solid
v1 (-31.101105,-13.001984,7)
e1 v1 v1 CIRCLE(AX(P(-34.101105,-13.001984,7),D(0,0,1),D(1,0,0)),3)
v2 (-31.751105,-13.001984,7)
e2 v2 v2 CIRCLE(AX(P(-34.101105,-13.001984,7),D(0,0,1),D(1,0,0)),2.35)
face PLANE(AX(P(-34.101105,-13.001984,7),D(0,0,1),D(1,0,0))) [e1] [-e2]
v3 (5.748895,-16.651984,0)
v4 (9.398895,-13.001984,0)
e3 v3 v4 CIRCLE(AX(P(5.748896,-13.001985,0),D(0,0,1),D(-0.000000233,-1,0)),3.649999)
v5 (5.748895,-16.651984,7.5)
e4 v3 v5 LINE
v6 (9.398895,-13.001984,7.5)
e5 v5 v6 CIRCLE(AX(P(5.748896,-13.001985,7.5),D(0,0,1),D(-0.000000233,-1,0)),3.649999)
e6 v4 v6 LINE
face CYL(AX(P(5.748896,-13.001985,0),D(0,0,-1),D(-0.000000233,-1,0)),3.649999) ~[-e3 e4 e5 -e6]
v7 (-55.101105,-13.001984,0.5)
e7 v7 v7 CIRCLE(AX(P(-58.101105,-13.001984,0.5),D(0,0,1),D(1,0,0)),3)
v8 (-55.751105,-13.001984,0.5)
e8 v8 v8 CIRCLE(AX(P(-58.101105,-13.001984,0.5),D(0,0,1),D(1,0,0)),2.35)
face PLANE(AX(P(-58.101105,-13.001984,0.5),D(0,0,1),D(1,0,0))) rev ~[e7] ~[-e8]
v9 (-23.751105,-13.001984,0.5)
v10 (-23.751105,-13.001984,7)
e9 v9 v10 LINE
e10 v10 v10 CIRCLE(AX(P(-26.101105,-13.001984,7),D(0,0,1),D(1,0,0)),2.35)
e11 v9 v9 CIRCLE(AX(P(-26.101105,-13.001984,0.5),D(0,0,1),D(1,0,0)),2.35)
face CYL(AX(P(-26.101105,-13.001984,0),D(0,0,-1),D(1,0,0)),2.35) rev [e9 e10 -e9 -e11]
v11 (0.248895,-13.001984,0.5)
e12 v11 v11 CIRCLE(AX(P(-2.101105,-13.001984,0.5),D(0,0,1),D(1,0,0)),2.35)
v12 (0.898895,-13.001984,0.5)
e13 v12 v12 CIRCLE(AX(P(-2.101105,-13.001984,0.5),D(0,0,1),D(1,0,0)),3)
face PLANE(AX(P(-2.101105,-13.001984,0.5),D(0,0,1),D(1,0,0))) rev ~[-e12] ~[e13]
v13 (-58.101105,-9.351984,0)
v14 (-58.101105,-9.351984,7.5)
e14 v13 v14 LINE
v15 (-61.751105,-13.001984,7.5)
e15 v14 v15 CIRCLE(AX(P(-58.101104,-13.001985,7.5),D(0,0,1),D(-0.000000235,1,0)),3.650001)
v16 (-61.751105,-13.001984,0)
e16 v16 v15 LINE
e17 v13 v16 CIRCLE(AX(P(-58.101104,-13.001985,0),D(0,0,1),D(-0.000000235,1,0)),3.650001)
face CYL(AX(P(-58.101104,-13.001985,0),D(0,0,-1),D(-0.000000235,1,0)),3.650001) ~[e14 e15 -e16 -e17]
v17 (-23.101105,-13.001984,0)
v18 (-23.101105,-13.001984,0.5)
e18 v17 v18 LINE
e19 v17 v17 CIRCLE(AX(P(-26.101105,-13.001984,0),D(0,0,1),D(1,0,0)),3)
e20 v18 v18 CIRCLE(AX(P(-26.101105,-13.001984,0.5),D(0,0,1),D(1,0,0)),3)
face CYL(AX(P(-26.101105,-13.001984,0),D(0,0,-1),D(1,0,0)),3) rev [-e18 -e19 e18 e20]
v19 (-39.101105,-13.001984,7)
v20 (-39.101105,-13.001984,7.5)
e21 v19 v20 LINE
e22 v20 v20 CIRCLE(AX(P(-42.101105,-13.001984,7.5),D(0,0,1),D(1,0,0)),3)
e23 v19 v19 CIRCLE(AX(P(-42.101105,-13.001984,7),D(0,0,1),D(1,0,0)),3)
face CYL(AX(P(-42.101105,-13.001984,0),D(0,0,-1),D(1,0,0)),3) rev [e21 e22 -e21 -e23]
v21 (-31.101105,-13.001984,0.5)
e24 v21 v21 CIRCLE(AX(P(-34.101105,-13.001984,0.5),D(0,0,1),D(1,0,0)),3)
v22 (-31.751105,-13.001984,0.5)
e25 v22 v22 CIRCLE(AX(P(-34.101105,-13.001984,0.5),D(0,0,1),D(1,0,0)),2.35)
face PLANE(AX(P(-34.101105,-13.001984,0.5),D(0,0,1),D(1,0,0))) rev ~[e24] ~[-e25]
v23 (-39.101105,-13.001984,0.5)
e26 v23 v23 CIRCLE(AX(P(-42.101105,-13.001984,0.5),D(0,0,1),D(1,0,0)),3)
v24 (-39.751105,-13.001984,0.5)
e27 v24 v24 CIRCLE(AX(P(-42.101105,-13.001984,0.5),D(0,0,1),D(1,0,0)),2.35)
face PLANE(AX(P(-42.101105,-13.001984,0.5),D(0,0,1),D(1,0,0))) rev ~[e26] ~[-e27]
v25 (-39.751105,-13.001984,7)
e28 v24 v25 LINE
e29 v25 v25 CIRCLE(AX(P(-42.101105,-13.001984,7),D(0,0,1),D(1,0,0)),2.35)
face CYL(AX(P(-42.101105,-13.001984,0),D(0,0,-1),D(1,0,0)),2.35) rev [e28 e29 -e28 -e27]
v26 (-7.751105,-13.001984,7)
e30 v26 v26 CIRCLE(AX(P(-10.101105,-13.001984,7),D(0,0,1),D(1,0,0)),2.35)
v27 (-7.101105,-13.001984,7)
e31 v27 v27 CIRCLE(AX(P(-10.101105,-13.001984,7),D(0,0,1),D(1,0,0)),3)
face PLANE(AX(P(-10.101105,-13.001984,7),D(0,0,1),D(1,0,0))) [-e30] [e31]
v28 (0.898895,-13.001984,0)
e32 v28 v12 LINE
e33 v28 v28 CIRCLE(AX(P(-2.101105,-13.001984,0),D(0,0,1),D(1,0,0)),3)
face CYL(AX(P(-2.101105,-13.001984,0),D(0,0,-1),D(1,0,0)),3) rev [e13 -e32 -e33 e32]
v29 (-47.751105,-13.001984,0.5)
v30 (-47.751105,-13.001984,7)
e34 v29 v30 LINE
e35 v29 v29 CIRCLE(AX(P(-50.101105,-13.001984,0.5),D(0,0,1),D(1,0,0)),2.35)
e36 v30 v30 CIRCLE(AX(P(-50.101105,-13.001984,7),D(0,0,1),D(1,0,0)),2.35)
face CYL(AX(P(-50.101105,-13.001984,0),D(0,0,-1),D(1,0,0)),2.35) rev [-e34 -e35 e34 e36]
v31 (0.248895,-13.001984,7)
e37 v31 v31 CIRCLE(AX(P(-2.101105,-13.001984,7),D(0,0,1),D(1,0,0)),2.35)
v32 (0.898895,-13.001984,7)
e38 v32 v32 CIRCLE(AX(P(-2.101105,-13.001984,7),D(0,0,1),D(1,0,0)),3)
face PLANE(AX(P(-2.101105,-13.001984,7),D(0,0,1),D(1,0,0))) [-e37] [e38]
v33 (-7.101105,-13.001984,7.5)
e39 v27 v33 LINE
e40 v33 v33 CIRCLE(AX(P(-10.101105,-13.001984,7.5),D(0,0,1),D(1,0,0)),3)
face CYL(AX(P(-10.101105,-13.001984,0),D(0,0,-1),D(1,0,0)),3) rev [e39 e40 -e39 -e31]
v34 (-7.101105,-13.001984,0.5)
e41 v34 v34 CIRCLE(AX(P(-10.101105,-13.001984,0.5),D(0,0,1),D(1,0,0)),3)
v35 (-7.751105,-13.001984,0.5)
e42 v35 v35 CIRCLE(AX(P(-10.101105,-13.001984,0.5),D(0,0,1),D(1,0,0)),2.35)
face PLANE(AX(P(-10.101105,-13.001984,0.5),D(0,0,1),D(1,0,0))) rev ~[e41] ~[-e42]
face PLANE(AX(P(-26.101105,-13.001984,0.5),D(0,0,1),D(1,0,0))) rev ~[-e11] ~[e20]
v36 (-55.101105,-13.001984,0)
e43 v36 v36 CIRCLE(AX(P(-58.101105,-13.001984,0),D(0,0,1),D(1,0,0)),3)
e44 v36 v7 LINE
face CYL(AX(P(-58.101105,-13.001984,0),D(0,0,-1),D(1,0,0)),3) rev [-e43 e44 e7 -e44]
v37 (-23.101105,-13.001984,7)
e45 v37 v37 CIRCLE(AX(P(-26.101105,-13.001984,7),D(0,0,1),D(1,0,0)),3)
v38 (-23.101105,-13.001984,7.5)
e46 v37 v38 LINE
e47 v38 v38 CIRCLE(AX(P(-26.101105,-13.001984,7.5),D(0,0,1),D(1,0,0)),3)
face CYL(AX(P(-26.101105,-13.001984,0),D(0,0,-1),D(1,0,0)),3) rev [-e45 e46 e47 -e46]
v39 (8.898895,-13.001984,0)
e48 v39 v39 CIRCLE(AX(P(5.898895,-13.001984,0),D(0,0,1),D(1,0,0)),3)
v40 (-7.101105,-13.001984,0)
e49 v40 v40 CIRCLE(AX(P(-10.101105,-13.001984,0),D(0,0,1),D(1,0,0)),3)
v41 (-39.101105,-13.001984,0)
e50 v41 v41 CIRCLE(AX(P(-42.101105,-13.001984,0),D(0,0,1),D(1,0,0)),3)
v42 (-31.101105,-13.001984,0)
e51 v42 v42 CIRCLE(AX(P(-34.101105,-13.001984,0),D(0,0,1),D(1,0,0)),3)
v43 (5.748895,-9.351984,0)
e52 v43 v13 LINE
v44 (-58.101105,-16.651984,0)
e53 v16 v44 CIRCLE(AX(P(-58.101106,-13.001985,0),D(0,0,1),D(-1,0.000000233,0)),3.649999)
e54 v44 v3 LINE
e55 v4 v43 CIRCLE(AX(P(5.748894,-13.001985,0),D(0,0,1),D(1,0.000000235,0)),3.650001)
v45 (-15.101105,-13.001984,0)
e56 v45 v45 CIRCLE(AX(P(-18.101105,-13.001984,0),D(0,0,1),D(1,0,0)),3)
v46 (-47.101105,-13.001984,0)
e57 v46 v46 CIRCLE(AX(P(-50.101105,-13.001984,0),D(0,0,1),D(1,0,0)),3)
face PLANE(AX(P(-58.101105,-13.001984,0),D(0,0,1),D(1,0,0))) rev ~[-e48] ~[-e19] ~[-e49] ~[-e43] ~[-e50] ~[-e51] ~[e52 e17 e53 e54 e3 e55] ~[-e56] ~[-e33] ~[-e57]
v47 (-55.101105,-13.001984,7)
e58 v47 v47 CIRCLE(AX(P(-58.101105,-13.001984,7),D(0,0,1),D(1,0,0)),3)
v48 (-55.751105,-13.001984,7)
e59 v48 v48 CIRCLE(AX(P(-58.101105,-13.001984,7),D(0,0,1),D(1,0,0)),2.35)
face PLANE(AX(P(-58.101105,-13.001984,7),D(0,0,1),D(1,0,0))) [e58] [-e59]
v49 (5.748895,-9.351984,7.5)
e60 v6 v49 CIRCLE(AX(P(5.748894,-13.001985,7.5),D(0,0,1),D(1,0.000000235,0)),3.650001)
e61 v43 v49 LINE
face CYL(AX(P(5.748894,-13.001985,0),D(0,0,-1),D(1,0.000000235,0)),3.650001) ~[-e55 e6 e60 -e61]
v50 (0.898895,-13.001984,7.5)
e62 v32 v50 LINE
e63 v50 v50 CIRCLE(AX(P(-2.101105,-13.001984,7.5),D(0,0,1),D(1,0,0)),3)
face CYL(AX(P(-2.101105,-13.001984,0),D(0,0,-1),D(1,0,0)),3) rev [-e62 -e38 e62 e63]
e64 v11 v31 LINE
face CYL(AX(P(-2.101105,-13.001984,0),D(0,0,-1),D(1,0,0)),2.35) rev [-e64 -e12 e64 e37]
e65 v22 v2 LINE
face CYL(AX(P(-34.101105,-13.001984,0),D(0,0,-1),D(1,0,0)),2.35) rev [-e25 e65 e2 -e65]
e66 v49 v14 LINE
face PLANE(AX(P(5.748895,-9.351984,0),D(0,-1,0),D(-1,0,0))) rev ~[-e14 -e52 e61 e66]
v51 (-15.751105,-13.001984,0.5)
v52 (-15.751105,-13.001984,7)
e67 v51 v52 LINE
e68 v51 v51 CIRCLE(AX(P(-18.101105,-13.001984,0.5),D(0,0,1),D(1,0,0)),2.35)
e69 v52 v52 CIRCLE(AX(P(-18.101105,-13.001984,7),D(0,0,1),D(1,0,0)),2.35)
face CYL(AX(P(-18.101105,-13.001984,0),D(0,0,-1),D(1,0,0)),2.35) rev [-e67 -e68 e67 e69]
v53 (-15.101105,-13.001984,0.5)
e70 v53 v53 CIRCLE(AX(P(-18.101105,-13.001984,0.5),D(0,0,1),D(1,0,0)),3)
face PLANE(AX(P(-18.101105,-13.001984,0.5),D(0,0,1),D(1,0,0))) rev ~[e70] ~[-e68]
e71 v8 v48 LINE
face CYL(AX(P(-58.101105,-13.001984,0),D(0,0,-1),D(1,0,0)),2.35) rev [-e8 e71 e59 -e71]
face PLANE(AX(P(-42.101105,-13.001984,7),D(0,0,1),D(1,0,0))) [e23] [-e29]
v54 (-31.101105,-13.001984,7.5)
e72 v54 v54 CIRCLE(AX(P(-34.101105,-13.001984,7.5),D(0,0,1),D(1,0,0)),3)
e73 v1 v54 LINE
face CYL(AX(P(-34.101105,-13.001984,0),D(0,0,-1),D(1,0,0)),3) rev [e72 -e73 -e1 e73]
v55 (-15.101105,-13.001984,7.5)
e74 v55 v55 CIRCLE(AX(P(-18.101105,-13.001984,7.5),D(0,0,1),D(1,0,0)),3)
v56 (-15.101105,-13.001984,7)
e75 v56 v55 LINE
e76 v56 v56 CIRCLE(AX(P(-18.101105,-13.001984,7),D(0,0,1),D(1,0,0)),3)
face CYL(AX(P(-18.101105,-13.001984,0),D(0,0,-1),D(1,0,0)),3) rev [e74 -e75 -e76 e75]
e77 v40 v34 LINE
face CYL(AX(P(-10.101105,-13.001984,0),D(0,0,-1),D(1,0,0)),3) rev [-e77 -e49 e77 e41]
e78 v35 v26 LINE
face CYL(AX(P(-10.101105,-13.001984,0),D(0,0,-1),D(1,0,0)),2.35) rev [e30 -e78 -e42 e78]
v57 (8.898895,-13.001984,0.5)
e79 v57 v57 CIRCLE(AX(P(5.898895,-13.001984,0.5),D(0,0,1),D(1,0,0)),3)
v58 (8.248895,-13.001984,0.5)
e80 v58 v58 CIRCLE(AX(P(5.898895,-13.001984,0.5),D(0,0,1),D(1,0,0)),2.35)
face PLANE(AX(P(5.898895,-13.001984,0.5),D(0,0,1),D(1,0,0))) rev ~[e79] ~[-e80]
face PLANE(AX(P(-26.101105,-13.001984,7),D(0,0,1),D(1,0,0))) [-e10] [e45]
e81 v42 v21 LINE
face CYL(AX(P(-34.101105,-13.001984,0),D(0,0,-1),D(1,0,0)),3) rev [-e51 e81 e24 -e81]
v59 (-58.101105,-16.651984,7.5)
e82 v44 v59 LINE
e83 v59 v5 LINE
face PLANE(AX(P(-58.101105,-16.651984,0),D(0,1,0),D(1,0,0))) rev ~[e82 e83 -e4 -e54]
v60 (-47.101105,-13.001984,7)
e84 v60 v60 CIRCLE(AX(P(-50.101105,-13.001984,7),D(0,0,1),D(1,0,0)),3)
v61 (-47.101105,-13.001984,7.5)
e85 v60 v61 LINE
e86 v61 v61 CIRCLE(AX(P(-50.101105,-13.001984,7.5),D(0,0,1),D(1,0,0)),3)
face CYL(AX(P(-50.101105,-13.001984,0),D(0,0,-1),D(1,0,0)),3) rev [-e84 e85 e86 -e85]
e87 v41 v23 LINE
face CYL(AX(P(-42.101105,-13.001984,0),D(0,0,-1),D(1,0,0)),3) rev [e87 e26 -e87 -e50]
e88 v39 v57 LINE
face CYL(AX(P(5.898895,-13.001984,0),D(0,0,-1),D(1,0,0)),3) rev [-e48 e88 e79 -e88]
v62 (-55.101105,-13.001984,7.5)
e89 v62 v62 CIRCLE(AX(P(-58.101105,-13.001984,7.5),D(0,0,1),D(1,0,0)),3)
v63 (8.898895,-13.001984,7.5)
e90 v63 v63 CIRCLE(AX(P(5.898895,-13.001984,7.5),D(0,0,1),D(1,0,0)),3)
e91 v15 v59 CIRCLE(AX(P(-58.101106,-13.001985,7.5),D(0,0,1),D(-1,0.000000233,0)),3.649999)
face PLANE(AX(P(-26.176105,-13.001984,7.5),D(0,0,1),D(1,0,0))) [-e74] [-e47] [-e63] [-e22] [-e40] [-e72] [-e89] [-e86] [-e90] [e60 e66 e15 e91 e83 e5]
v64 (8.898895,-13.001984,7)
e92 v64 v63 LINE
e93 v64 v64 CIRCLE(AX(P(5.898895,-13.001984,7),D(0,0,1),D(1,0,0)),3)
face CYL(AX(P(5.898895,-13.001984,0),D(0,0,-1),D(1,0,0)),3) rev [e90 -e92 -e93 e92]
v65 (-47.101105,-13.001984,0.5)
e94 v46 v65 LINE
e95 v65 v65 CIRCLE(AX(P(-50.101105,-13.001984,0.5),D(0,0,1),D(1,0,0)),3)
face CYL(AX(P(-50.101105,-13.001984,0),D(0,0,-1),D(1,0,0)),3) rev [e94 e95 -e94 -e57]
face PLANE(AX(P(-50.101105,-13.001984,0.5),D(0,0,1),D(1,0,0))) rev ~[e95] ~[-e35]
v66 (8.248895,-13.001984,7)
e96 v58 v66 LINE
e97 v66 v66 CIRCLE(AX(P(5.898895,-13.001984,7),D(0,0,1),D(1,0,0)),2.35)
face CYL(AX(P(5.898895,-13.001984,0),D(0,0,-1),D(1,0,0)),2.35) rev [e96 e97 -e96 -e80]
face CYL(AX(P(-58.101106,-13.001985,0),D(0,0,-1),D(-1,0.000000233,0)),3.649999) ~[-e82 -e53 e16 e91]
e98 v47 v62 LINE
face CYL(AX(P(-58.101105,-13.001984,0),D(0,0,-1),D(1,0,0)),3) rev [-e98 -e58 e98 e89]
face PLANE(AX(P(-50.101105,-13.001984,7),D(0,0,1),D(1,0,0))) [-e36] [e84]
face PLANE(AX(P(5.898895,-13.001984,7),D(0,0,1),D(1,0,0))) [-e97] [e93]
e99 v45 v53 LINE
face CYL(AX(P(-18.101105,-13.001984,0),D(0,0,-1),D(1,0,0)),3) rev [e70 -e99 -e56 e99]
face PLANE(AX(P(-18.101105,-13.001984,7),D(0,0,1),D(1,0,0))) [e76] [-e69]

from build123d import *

# Parameters (mm, degrees)
F0_R     = 3
F1_DEPTH = 7.5
F0_R_2   = 2.35
F2_DEPTH = 7
F3_DEPTH = 0.5
F4_DEPTH = 7
F5_DEPTH = 0.5


with BuildPart() as f1:
    # F0 (on Top) → F1 (new body)
    with BuildSketch(Plane.XY):
        with BuildLine():
            ThreePointArc((-61.751105, -13.001984), (-60.682045, -15.582924), (-58.101105, -16.651984))
            Line((-58.101105, -16.651984), (5.748895, -16.651984))
            ThreePointArc((5.748895, -16.651984), (8.329835, -15.582924), (9.398895, -13.001984))
            ThreePointArc((9.398895, -13.001984), (8.329835, -10.421045), (5.748895, -9.351984))
            Line((5.748895, -9.351984), (-58.101105, -9.351984))
            ThreePointArc((-58.101105, -9.351984), (-60.682045, -10.421045), (-61.751105, -13.001984))
        make_face()
        with Locations((-58.101105, -13.001984)):
            Circle(F0_R, mode=Mode.SUBTRACT)
        with Locations((-50.101105, -13.001984)):
            Circle(F0_R, mode=Mode.SUBTRACT)
        with Locations((-42.101105, -13.001984)):
            Circle(F0_R, mode=Mode.SUBTRACT)
        with Locations((-34.101105, -13.001984)):
            Circle(F0_R, mode=Mode.SUBTRACT)
        with Locations((-26.101105, -13.001984)):
            Circle(F0_R, mode=Mode.SUBTRACT)
        with Locations((-18.101105, -13.001984)):
            Circle(F0_R, mode=Mode.SUBTRACT)
        with Locations((-10.101105, -13.001984)):
            Circle(F0_R, mode=Mode.SUBTRACT)
        with Locations((-2.101105, -13.001984)):
            Circle(F0_R, mode=Mode.SUBTRACT)
        with Locations((5.898895, -13.001984)):
            Circle(F0_R, mode=Mode.SUBTRACT)
    extrude(amount=F1_DEPTH)

    # F0 (on Top) → F2 (join)
    with BuildSketch(Plane.XY):
        with Locations((5.898895, -13.001984)):
            Circle(F0_R)
        with Locations((5.898895, -13.001984)):
            Circle(F0_R_2, mode=Mode.SUBTRACT)
    extrude(amount=F2_DEPTH)

    # F0 (on Top) → F3 (cut)
    with BuildSketch(Plane.XY):
        with Locations((5.898895, -13.001984)):
            Circle(F0_R)
        with Locations((5.898895, -13.001984)):
            Circle(F0_R_2, mode=Mode.SUBTRACT)
    extrude(amount=F3_DEPTH, mode=Mode.SUBTRACT)

    # F0 (on Top) → F4 (join)
    with BuildSketch(Plane.XY):
        with Locations((-58.101105, -13.001984)):
            Circle(F0_R)
        with Locations((-58.101105, -13.001984)):
            Circle(F0_R_2, mode=Mode.SUBTRACT)
        with Locations((-50.101105, -13.001984)):
            Circle(F0_R)
        with Locations((-50.101105, -13.001984)):
            Circle(F0_R_2, mode=Mode.SUBTRACT)
        with Locations((-42.101105, -13.001984)):
            Circle(F0_R)
        with Locations((-42.101105, -13.001984)):
            Circle(F0_R_2, mode=Mode.SUBTRACT)
        with Locations((-34.101105, -13.001984)):
            Circle(F0_R)
        with Locations((-34.101105, -13.001984)):
            Circle(F0_R_2, mode=Mode.SUBTRACT)
        with Locations((-26.101105, -13.001984)):
            Circle(F0_R)
        with Locations((-26.101105, -13.001984)):
            Circle(F0_R_2, mode=Mode.SUBTRACT)
        with Locations((-18.101105, -13.001984)):
            Circle(F0_R)
        with Locations((-18.101105, -13.001984)):
            Circle(F0_R_2, mode=Mode.SUBTRACT)
        with Locations((-10.101105, -13.001984)):
            Circle(F0_R)
        with Locations((-10.101105, -13.001984)):
            Circle(F0_R_2, mode=Mode.SUBTRACT)
        with Locations((-2.101105, -13.001984)):
            Circle(F0_R)
        with Locations((-2.101105, -13.001984)):
            Circle(F0_R_2, mode=Mode.SUBTRACT)
    extrude(amount=F4_DEPTH)

    # F0 (on Top) → F5 (cut)
    with BuildSketch(Plane.XY):
        with Locations((-58.101105, -13.001984)):
            Circle(F0_R)
        with Locations((-58.101105, -13.001984)):
            Circle(F0_R_2, mode=Mode.SUBTRACT)
        with Locations((-50.101105, -13.001984)):
            Circle(F0_R)
        with Locations((-50.101105, -13.001984)):
            Circle(F0_R_2, mode=Mode.SUBTRACT)
        with Locations((-42.101105, -13.001984)):
            Circle(F0_R)
        with Locations((-42.101105, -13.001984)):
            Circle(F0_R_2, mode=Mode.SUBTRACT)
        with Locations((-34.101105, -13.001984)):
            Circle(F0_R)
        with Locations((-34.101105, -13.001984)):
            Circle(F0_R_2, mode=Mode.SUBTRACT)
        with Locations((-26.101105, -13.001984)):
            Circle(F0_R_2)
        with Locations((-18.101105, -13.001984)):
            Circle(F0_R)
        with Locations((-18.101105, -13.001984)):
            Circle(F0_R_2, mode=Mode.SUBTRACT)
        with Locations((-10.101105, -13.001984)):
            Circle(F0_R)
        with Locations((-10.101105, -13.001984)):
            Circle(F0_R_2, mode=Mode.SUBTRACT)
        with Locations((-2.101105, -13.001984)):
            Circle(F0_R)
        with Locations((-2.101105, -13.001984)):
            Circle(F0_R_2, mode=Mode.SUBTRACT)
        with Locations((-26.101105, -13.001984)):
            Circle(F0_R)
        with Locations((-26.101105, -13.001984)):
            Circle(F0_R_2, mode=Mode.SUBTRACT)
    extrude(amount=F5_DEPTH, mode=Mode.SUBTRACT)


solid = f1.part
